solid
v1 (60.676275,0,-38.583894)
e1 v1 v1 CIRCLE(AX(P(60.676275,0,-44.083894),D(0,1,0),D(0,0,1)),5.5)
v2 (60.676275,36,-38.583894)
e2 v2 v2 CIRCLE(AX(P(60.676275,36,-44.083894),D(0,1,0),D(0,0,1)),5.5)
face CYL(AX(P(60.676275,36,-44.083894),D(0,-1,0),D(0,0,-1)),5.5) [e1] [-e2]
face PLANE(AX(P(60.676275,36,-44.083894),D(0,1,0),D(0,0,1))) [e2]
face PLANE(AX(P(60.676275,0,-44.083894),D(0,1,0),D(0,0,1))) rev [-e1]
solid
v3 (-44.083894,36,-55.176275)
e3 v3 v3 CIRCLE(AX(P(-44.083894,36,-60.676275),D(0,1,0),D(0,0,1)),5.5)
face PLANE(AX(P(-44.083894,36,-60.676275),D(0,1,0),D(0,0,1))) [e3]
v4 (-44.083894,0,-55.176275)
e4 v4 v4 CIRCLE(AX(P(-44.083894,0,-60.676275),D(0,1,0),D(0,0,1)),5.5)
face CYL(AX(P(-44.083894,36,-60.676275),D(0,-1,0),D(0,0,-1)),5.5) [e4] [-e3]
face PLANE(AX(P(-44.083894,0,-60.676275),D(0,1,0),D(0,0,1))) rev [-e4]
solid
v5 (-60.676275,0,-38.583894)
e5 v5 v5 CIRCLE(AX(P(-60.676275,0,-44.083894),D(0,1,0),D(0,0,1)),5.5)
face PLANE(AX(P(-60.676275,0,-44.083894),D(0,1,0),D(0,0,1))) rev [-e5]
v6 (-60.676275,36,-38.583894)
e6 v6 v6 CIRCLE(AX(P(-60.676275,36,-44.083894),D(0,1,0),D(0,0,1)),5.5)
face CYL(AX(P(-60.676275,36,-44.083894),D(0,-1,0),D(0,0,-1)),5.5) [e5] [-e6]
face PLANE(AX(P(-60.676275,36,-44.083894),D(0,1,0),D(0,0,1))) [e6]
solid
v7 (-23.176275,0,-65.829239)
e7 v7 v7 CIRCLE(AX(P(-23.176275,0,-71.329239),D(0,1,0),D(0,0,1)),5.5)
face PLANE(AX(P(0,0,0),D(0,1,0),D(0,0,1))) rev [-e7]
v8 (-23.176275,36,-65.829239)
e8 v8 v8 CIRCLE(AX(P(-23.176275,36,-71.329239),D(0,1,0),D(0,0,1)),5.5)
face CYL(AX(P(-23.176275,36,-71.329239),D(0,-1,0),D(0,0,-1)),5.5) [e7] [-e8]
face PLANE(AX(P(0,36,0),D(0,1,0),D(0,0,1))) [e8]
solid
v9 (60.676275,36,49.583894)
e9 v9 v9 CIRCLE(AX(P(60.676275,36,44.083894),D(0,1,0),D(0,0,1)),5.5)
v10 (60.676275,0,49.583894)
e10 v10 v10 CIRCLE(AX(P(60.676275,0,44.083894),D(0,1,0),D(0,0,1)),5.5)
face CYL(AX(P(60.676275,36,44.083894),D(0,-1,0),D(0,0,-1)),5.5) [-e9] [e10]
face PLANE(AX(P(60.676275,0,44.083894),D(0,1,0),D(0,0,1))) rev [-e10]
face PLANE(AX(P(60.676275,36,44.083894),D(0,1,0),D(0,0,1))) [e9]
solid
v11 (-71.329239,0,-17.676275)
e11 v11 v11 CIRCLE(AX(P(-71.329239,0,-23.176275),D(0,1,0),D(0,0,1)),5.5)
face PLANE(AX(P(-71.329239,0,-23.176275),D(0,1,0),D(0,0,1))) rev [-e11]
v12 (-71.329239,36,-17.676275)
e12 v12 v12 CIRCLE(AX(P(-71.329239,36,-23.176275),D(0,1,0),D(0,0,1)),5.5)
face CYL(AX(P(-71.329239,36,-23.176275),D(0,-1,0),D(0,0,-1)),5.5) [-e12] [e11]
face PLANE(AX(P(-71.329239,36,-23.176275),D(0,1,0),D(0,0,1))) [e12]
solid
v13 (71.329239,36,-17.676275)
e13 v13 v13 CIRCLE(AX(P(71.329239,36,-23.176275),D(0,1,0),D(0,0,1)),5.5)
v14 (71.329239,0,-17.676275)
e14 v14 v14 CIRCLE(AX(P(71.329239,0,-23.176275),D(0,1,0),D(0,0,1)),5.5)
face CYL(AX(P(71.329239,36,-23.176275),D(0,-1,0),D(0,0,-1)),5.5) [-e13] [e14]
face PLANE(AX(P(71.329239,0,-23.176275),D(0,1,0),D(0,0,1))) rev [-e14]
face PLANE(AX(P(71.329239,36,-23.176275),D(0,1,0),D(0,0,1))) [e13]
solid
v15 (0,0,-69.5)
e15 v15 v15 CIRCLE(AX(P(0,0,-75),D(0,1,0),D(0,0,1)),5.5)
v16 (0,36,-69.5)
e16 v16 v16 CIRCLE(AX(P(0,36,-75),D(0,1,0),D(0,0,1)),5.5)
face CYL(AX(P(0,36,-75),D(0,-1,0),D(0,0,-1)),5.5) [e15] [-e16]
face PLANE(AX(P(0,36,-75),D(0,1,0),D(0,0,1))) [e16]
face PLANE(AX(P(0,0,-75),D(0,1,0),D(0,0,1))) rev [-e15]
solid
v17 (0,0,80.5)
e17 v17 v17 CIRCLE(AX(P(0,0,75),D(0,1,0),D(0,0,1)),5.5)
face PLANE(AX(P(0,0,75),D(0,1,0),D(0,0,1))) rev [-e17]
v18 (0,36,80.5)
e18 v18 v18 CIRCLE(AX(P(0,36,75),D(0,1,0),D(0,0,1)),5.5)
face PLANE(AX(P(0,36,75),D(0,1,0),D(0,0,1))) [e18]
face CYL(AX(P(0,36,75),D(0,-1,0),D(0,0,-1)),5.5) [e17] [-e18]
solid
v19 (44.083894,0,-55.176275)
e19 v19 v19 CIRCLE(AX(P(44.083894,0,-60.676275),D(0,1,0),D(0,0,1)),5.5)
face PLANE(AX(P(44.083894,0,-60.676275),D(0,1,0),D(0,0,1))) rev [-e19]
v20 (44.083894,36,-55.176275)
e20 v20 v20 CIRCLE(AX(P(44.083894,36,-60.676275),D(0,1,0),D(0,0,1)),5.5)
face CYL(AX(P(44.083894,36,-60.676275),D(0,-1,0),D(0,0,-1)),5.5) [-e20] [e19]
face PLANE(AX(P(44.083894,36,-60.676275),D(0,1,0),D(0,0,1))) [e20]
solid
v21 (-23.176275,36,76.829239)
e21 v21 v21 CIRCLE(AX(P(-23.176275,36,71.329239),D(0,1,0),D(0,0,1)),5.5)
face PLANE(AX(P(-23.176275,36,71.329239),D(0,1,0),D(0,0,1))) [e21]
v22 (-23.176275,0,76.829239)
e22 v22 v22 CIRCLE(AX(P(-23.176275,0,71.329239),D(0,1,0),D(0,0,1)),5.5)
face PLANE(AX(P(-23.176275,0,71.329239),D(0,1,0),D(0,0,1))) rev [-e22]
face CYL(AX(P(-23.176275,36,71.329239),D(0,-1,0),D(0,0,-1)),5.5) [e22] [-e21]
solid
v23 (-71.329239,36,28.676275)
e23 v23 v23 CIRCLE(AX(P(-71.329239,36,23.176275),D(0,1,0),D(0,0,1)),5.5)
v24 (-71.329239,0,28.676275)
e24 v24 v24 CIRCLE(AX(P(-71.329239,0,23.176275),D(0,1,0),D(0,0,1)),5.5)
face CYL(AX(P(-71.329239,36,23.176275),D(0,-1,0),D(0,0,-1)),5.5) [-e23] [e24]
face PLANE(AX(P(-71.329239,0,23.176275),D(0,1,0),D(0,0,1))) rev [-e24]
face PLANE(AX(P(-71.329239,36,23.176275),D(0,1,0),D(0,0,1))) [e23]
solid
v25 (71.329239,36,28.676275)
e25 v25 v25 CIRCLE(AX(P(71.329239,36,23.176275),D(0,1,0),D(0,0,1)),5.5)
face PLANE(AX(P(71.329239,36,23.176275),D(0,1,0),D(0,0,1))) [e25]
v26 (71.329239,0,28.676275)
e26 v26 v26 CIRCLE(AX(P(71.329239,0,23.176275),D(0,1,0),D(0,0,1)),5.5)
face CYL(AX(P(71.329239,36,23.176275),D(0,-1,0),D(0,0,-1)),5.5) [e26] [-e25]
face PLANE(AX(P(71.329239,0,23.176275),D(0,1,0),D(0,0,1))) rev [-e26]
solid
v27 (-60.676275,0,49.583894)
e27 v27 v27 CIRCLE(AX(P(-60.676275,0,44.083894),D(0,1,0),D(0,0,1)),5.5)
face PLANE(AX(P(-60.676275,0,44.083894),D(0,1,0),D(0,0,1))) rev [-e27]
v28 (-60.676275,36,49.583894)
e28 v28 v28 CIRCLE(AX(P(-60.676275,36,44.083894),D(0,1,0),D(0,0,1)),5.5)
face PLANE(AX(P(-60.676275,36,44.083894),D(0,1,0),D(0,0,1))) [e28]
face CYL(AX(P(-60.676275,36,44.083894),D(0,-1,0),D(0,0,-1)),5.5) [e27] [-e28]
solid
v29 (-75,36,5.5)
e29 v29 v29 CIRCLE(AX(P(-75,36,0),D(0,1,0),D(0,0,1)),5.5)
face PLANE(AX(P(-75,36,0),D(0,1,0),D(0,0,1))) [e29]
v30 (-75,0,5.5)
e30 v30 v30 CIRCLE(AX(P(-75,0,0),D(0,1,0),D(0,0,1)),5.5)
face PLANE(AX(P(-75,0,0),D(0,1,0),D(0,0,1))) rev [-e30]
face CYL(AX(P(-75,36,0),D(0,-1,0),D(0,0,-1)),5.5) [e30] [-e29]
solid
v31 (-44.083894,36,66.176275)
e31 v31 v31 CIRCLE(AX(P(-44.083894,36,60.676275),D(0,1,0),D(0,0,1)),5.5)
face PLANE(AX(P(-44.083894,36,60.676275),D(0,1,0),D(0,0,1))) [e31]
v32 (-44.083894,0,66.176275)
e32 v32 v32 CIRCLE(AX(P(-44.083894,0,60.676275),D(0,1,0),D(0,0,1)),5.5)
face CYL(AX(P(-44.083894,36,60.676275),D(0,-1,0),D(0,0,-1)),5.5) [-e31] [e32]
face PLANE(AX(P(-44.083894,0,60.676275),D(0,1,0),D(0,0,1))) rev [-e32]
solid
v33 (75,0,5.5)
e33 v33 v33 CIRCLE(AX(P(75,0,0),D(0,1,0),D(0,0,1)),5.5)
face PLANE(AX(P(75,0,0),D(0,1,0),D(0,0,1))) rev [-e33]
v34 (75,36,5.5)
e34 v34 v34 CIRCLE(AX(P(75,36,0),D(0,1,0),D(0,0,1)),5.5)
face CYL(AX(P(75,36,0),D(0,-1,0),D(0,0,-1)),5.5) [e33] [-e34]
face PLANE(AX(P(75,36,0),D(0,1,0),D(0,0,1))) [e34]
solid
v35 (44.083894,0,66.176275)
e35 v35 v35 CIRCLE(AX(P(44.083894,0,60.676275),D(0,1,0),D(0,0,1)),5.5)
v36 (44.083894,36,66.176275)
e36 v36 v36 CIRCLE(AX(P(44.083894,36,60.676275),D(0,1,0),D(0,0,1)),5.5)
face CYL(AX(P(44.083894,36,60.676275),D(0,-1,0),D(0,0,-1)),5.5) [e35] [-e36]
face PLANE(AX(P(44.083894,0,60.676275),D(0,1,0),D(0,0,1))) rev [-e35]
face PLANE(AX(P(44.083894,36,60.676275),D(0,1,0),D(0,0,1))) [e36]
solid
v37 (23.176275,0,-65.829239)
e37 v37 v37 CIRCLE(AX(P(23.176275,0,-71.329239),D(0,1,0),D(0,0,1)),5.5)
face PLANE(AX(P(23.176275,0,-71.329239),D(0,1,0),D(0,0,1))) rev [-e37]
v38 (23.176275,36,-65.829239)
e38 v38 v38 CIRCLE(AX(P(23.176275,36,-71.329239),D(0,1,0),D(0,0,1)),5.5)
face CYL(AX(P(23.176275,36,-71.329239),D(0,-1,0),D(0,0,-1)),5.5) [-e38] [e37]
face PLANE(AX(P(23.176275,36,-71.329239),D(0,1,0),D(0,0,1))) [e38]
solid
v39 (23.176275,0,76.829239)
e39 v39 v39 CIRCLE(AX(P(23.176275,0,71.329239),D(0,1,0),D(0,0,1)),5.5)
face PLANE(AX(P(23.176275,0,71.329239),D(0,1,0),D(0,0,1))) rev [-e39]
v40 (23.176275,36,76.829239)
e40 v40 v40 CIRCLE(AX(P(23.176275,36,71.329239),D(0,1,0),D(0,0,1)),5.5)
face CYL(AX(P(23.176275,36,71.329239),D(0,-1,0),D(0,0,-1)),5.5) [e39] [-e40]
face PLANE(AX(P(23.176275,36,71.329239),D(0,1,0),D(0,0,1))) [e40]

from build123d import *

# Parameters (mm, degrees)
SKETCH1_R              = 5.5
BOSS_EXTRUDE1_DEPTH    = 36
BOSS_EXTRUDE1_2_DEPTH  = 36
BOSS_EXTRUDE1_3_DEPTH  = 36
BOSS_EXTRUDE1_4_DEPTH  = 36
BOSS_EXTRUDE1_5_DEPTH  = 36
BOSS_EXTRUDE1_6_DEPTH  = 36
BOSS_EXTRUDE1_7_DEPTH  = 36
BOSS_EXTRUDE1_8_DEPTH  = 36
BOSS_EXTRUDE1_9_DEPTH  = 36
BOSS_EXTRUDE1_10_DEPTH = 36
BOSS_EXTRUDE1_11_DEPTH = 36
BOSS_EXTRUDE1_12_DEPTH = 36
BOSS_EXTRUDE1_13_DEPTH = 36
BOSS_EXTRUDE1_14_DEPTH = 36
BOSS_EXTRUDE1_15_DEPTH = 36
BOSS_EXTRUDE1_16_DEPTH = 36
BOSS_EXTRUDE1_17_DEPTH = 36
BOSS_EXTRUDE1_18_DEPTH = 36
BOSS_EXTRUDE1_19_DEPTH = 36
BOSS_EXTRUDE1_20_DEPTH = 36


with BuildPart() as part:
    # Sketch1 → Boss-Extrude1 (new body)
    with BuildSketch(Plane(origin=(0, 0, 0), x_dir=(1, 0, 0), z_dir=(0, 1, 0))):
        with Locations((75, 0)):
            Circle(SKETCH1_R)
    extrude(amount=BOSS_EXTRUDE1_DEPTH)


with BuildPart() as body_2:
    # Sketch1 → Boss-Extrude1 2 (new body)
    with BuildSketch(Plane(origin=(0, 0, 0), x_dir=(1, 0, 0), z_dir=(0, 1, 0))):
        with Locations((71.329238722, -23.176274578)):
            Circle(SKETCH1_R)
    extrude(amount=BOSS_EXTRUDE1_2_DEPTH)


with BuildPart() as body_3:
    # Sketch1 → Boss-Extrude1 3 (new body)
    with BuildSketch(Plane(origin=(0, 0, 0), x_dir=(1, 0, 0), z_dir=(0, 1, 0))):
        with Locations((60.676274578, -44.083893922)):
            Circle(SKETCH1_R)
    extrude(amount=BOSS_EXTRUDE1_3_DEPTH)


with BuildPart() as body_4:
    # Sketch1 → Boss-Extrude1 4 (new body)
    with BuildSketch(Plane(origin=(0, 0, 0), x_dir=(1, 0, 0), z_dir=(0, 1, 0))):
        with Locations((44.083893922, -60.676274578)):
            Circle(SKETCH1_R)
    extrude(amount=BOSS_EXTRUDE1_4_DEPTH)


with BuildPart() as body_5:
    # Sketch1 → Boss-Extrude1 5 (new body)
    with BuildSketch(Plane(origin=(0, 0, 0), x_dir=(1, 0, 0), z_dir=(0, 1, 0))):
        with Locations((23.176274578, -71.329238722)):
            Circle(SKETCH1_R)
    extrude(amount=BOSS_EXTRUDE1_5_DEPTH)


with BuildPart() as body_6:
    # Sketch1 → Boss-Extrude1 6 (new body)
    with BuildSketch(Plane(origin=(0, 0, 0), x_dir=(1, 0, 0), z_dir=(0, 1, 0))):
        with Locations((0, -75)):
            Circle(SKETCH1_R)
    extrude(amount=BOSS_EXTRUDE1_6_DEPTH)


with BuildPart() as body_7:
    # Sketch1 → Boss-Extrude1 7 (new body)
    with BuildSketch(Plane(origin=(0, 0, 0), x_dir=(1, 0, 0), z_dir=(0, 1, 0))):
        with Locations((-23.176274578, -71.329238722)):
            Circle(SKETCH1_R)
    extrude(amount=BOSS_EXTRUDE1_7_DEPTH)


with BuildPart() as body_8:
    # Sketch1 → Boss-Extrude1 8 (new body)
    with BuildSketch(Plane(origin=(0, 0, 0), x_dir=(1, 0, 0), z_dir=(0, 1, 0))):
        with Locations((-44.083893922, -60.676274578)):
            Circle(SKETCH1_R)
    extrude(amount=BOSS_EXTRUDE1_8_DEPTH)


with BuildPart() as body_9:
    # Sketch1 → Boss-Extrude1 9 (new body)
    with BuildSketch(Plane(origin=(0, 0, 0), x_dir=(1, 0, 0), z_dir=(0, 1, 0))):
        with Locations((-60.676274578, -44.083893922)):
            Circle(SKETCH1_R)
    extrude(amount=BOSS_EXTRUDE1_9_DEPTH)


with BuildPart() as body_10:
    # Sketch1 → Boss-Extrude1 10 (new body)
    with BuildSketch(Plane(origin=(0, 0, 0), x_dir=(1, 0, 0), z_dir=(0, 1, 0))):
        with Locations((-71.329238722, -23.176274578)):
            Circle(SKETCH1_R)
    extrude(amount=BOSS_EXTRUDE1_10_DEPTH)


with BuildPart() as body_11:
    # Sketch1 → Boss-Extrude1 11 (new body)
    with BuildSketch(Plane(origin=(0, 0, 0), x_dir=(1, 0, 0), z_dir=(0, 1, 0))):
        with Locations((-75, 0)):
            Circle(SKETCH1_R)
    extrude(amount=BOSS_EXTRUDE1_11_DEPTH)


with BuildPart() as body_12:
    # Sketch1 → Boss-Extrude1 12 (new body)
    with BuildSketch(Plane(origin=(0, 0, 0), x_dir=(1, 0, 0), z_dir=(0, 1, 0))):
        with Locations((-71.329238722, 23.176274578)):
            Circle(SKETCH1_R)
    extrude(amount=BOSS_EXTRUDE1_12_DEPTH)


with BuildPart() as body_13:
    # Sketch1 → Boss-Extrude1 13 (new body)
    with BuildSketch(Plane(origin=(0, 0, 0), x_dir=(1, 0, 0), z_dir=(0, 1, 0))):
        with Locations((-60.676274578, 44.083893922)):
            Circle(SKETCH1_R)
    extrude(amount=BOSS_EXTRUDE1_13_DEPTH)


with BuildPart() as body_14:
    # Sketch1 → Boss-Extrude1 14 (new body)
    with BuildSketch(Plane(origin=(0, 0, 0), x_dir=(1, 0, 0), z_dir=(0, 1, 0))):
        with Locations((-44.083893922, 60.676274578)):
            Circle(SKETCH1_R)
    extrude(amount=BOSS_EXTRUDE1_14_DEPTH)


with BuildPart() as body_15:
    # Sketch1 → Boss-Extrude1 15 (new body)
    with BuildSketch(Plane(origin=(0, 0, 0), x_dir=(1, 0, 0), z_dir=(0, 1, 0))):
        with Locations((-23.176274578, 71.329238722)):
            Circle(SKETCH1_R)
    extrude(amount=BOSS_EXTRUDE1_15_DEPTH)


with BuildPart() as body_16:
    # Sketch1 → Boss-Extrude1 16 (new body)
    with BuildSketch(Plane(origin=(0, 0, 0), x_dir=(1, 0, 0), z_dir=(0, 1, 0))):
        with Locations((0, 75)):
            Circle(SKETCH1_R)
    extrude(amount=BOSS_EXTRUDE1_16_DEPTH)


with BuildPart() as body_17:
    # Sketch1 → Boss-Extrude1 17 (new body)
    with BuildSketch(Plane(origin=(0, 0, 0), x_dir=(1, 0, 0), z_dir=(0, 1, 0))):
        with Locations((23.176274578, 71.329238722)):
            Circle(SKETCH1_R)
    extrude(amount=BOSS_EXTRUDE1_17_DEPTH)


with BuildPart() as body_18:
    # Sketch1 → Boss-Extrude1 18 (new body)
    with BuildSketch(Plane(origin=(0, 0, 0), x_dir=(1, 0, 0), z_dir=(0, 1, 0))):
        with Locations((44.083893922, 60.676274578)):
            Circle(SKETCH1_R)
    extrude(amount=BOSS_EXTRUDE1_18_DEPTH)


with BuildPart() as body_19:
    # Sketch1 → Boss-Extrude1 19 (new body)
    with BuildSketch(Plane(origin=(0, 0, 0), x_dir=(1, 0, 0), z_dir=(0, 1, 0))):
        with Locations((60.676274578, 44.083893922)):
            Circle(SKETCH1_R)
    extrude(amount=BOSS_EXTRUDE1_19_DEPTH)


with BuildPart() as body_20:
    # Sketch1 → Boss-Extrude1 20 (new body)
    with BuildSketch(Plane(origin=(0, 0, 0), x_dir=(1, 0, 0), z_dir=(0, 1, 0))):
        with Locations((71.329238722, 23.176274578)):
            Circle(SKETCH1_R)
    extrude(amount=BOSS_EXTRUDE1_20_DEPTH)


solid = Compound([part.part, body_2.part, body_3.part, body_4.part, body_5.part, body_6.part, body_7.part, body_8.part, body_9.part, body_10.part, body_11.part, body_12.part, body_13.part, body_14.part, body_15.part, body_16.part, body_17.part, body_18.part, body_19.part, body_20.part])
